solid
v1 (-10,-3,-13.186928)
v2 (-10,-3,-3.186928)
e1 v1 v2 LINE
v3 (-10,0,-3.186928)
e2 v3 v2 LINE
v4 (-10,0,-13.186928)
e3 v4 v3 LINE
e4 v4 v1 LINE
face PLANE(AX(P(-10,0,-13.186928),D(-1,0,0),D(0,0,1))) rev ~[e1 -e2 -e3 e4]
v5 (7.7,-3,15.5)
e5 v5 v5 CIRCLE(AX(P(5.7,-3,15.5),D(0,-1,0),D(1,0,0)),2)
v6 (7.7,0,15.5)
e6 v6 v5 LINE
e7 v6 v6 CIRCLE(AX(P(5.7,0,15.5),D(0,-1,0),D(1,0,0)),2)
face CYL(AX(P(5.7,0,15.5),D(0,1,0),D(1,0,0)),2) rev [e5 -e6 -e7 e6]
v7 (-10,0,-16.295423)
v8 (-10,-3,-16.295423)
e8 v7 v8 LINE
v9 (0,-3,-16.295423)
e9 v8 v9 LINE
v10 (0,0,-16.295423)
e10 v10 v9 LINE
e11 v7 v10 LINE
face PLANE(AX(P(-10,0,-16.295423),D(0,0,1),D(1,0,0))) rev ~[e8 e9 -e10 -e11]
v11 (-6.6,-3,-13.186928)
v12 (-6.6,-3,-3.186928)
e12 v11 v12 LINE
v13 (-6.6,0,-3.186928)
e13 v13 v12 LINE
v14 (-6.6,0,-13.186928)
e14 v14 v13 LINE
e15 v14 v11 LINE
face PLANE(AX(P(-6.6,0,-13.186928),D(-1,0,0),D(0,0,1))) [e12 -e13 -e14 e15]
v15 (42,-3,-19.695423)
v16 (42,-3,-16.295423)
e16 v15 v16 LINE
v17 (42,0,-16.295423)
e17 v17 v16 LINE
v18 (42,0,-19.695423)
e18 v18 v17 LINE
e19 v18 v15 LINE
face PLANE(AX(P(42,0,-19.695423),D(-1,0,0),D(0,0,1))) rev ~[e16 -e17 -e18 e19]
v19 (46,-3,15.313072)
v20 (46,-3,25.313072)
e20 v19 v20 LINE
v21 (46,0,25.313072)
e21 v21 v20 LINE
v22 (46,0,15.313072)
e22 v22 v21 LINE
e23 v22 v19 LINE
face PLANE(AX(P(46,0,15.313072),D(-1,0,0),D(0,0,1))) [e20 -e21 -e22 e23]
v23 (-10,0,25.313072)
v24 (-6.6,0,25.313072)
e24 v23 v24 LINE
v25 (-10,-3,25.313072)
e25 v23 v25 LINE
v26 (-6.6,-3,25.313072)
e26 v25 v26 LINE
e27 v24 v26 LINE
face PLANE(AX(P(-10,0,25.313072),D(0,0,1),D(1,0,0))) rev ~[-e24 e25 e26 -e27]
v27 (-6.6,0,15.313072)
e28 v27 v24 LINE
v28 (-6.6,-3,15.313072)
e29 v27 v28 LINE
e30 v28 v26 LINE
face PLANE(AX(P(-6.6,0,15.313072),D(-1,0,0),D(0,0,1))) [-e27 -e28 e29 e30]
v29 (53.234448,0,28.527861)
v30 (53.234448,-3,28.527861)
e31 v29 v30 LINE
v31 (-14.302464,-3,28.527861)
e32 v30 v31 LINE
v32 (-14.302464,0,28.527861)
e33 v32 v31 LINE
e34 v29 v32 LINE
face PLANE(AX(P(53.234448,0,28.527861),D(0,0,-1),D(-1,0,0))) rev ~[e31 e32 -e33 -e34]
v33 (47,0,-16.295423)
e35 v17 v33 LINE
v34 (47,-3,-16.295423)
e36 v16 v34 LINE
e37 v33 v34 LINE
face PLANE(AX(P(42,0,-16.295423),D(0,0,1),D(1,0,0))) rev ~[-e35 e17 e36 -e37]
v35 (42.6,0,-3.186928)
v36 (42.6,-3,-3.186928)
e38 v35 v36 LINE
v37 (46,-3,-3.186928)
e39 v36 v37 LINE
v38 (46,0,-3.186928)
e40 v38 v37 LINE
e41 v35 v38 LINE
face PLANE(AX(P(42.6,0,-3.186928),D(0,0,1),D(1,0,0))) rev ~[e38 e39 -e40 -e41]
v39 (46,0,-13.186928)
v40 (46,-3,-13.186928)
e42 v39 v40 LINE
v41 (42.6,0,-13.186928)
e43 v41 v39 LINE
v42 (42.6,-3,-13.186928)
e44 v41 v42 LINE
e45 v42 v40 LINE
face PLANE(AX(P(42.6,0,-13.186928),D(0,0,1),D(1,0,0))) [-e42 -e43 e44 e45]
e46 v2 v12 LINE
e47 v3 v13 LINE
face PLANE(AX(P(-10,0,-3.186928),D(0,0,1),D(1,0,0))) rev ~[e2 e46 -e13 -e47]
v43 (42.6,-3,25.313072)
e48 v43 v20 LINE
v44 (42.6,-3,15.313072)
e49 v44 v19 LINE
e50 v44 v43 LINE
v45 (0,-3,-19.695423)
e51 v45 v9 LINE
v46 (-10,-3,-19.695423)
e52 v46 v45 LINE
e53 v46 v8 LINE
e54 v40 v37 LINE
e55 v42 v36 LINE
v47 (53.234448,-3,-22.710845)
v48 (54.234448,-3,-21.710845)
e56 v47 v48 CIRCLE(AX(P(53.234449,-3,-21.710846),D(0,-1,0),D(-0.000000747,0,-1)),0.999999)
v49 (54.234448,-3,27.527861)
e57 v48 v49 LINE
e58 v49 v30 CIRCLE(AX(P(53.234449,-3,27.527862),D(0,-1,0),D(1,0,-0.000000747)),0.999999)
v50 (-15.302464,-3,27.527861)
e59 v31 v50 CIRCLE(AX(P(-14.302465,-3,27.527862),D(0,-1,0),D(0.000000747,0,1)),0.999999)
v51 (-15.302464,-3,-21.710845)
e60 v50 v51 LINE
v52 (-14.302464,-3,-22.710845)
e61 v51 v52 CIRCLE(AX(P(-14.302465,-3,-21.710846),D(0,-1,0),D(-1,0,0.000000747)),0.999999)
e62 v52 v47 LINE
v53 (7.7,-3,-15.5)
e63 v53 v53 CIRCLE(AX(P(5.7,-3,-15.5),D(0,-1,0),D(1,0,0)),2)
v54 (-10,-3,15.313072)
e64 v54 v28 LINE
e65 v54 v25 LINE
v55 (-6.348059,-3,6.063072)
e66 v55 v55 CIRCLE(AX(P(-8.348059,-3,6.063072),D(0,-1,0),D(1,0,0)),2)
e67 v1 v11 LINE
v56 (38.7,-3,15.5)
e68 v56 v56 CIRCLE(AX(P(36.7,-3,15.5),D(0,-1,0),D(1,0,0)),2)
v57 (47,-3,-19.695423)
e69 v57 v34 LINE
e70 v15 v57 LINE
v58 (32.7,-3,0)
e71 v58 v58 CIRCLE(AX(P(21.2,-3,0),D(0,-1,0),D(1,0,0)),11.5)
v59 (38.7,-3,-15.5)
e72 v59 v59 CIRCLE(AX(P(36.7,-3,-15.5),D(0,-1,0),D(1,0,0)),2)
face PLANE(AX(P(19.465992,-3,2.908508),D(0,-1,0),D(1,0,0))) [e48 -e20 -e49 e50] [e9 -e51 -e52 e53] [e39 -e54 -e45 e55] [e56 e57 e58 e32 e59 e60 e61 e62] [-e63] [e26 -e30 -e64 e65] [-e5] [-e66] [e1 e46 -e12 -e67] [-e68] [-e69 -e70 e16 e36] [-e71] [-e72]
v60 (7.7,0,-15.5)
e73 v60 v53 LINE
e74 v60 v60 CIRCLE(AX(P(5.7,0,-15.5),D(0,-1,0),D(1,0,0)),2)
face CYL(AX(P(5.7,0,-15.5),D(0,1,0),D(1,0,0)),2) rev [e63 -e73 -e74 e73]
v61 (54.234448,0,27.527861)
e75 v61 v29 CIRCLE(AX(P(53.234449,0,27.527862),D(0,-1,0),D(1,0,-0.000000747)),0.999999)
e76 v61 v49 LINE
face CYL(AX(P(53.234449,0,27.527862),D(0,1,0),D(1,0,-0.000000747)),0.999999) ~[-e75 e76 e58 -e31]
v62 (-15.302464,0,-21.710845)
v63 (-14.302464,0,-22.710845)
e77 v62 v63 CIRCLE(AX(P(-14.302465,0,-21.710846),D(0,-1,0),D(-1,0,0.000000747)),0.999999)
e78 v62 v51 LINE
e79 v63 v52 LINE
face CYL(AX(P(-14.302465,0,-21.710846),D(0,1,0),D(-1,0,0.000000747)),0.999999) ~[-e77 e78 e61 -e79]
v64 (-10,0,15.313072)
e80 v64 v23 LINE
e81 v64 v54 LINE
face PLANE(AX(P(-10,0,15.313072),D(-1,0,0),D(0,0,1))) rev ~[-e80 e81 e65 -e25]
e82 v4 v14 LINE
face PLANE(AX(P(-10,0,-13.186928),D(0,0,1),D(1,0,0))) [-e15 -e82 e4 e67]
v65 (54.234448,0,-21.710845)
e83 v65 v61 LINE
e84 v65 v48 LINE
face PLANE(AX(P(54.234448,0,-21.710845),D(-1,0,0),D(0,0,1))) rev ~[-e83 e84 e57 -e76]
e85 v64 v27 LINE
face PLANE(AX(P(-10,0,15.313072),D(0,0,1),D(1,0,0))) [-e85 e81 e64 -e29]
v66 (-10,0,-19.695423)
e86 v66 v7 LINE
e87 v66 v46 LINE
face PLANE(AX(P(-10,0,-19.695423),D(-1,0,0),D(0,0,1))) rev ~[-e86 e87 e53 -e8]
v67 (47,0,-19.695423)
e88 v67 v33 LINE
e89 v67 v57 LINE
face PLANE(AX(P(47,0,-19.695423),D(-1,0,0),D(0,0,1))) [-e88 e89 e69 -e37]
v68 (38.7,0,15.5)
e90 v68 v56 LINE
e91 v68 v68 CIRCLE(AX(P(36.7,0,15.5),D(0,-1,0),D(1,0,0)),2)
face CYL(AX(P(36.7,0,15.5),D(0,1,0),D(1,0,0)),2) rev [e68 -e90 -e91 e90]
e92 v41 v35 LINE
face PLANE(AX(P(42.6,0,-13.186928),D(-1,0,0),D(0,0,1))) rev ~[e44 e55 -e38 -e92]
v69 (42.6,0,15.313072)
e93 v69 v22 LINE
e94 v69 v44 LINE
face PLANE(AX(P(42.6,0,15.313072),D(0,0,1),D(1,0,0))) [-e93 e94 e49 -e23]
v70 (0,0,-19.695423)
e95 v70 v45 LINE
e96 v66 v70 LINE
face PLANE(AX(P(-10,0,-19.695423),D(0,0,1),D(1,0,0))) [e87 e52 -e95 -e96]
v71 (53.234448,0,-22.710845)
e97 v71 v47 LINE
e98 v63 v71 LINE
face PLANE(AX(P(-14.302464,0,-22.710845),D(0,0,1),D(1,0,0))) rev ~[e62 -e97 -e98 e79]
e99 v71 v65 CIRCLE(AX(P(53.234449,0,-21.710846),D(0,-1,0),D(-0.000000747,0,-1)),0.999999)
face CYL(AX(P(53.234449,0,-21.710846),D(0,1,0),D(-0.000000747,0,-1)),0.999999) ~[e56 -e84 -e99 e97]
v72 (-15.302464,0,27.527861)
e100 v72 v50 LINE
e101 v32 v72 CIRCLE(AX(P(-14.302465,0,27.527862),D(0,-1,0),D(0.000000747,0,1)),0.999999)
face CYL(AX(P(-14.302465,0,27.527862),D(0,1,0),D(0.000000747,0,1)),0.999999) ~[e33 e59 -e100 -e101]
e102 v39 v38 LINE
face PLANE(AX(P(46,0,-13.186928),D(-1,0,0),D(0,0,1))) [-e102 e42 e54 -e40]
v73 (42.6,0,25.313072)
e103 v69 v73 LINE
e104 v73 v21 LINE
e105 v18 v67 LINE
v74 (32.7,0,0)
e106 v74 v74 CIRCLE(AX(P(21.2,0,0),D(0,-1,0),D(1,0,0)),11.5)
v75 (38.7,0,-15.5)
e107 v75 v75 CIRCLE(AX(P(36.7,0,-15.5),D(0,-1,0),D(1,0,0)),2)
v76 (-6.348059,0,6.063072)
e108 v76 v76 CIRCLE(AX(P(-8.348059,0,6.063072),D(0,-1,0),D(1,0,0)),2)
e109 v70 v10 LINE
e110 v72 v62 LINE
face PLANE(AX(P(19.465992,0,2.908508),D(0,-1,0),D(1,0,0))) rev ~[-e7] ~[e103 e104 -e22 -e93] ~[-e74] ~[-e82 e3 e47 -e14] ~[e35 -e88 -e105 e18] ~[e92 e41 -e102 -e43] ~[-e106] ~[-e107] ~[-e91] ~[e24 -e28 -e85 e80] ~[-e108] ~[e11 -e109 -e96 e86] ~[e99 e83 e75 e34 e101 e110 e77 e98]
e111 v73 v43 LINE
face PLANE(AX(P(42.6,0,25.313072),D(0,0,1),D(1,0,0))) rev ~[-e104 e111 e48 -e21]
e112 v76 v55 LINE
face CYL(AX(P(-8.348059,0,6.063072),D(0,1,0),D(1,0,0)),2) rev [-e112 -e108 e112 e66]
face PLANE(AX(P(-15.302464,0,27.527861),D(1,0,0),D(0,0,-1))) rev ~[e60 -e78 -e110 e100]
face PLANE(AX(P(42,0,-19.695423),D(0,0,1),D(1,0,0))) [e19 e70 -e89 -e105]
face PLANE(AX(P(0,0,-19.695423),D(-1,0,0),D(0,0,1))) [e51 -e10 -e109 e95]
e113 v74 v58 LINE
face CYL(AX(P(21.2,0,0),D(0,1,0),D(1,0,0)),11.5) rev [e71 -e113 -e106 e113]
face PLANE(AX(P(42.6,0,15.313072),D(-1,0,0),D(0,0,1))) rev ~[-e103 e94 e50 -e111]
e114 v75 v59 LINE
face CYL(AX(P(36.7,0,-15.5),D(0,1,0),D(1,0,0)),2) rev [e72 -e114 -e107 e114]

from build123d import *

# Parameters (mm, degrees)
F0_W     = 10
F0_H     = 3.4
F0_R     = 2
F0_W_2   = 3.4
F0_H_2   = 10
F0_W_3   = 5
F0_R_2   = 11.5
F1_DEPTH = 3


with BuildPart() as f1:
    # F0 (on Front) → F1 (new body)
    with BuildSketch(Plane.XZ):
        with BuildLine():
            Line((53.234448, 28.527861), (-14.302464, 28.527861))
            ThreePointArc((-14.302464, 28.527861), (-15.009571, 28.234968), (-15.302464, 27.527861))
            Line((-15.302464, 27.527861), (-15.302464, -21.710845))
            ThreePointArc((-15.302464, -21.710845), (-15.009571, -22.417952), (-14.302464, -22.710845))
            Line((-14.302464, -22.710845), (53.234448, -22.710845))
            ThreePointArc((53.234448, -22.710845), (53.941555, -22.417952), (54.234448, -21.710845))
            Line((54.234448, -21.710845), (54.234448, 27.527861))
            ThreePointArc((54.234448, 27.527861), (53.941555, 28.234968), (53.234448, 28.527861))
        make_face()
        with Locations((-5, -17.995423)):
            Rectangle(F0_W, F0_H, mode=Mode.SUBTRACT)
        with Locations((5.7, -15.5)):
            Circle(F0_R, mode=Mode.SUBTRACT)
        with Locations((-8.3, -8.186928)):
            Rectangle(F0_W_2, F0_H_2, mode=Mode.SUBTRACT)
        with Locations((36.7, -15.5)):
            Circle(F0_R, mode=Mode.SUBTRACT)
        with Locations((44.5, -17.995423)):
            Rectangle(F0_W_3, F0_H, mode=Mode.SUBTRACT)
        with Locations((21.2, 0)):
            Circle(F0_R_2, mode=Mode.SUBTRACT)
        with Locations((44.3, -8.186928)):
            Rectangle(F0_W_2, F0_H_2, mode=Mode.SUBTRACT)
        with Locations((-8.348059, 6.063072)):
            Circle(F0_R, mode=Mode.SUBTRACT)
        with Locations((5.7, 15.5)):
            Circle(F0_R, mode=Mode.SUBTRACT)
        with Locations((-8.3, 20.313072)):
            Rectangle(F0_W_2, F0_H_2, mode=Mode.SUBTRACT)
        with Locations((36.7, 15.5)):
            Circle(F0_R, mode=Mode.SUBTRACT)
        with Locations((44.3, 20.313072)):
            Rectangle(F0_W_2, F0_H_2, mode=Mode.SUBTRACT)
    extrude(amount=F1_DEPTH)


solid = f1.part
